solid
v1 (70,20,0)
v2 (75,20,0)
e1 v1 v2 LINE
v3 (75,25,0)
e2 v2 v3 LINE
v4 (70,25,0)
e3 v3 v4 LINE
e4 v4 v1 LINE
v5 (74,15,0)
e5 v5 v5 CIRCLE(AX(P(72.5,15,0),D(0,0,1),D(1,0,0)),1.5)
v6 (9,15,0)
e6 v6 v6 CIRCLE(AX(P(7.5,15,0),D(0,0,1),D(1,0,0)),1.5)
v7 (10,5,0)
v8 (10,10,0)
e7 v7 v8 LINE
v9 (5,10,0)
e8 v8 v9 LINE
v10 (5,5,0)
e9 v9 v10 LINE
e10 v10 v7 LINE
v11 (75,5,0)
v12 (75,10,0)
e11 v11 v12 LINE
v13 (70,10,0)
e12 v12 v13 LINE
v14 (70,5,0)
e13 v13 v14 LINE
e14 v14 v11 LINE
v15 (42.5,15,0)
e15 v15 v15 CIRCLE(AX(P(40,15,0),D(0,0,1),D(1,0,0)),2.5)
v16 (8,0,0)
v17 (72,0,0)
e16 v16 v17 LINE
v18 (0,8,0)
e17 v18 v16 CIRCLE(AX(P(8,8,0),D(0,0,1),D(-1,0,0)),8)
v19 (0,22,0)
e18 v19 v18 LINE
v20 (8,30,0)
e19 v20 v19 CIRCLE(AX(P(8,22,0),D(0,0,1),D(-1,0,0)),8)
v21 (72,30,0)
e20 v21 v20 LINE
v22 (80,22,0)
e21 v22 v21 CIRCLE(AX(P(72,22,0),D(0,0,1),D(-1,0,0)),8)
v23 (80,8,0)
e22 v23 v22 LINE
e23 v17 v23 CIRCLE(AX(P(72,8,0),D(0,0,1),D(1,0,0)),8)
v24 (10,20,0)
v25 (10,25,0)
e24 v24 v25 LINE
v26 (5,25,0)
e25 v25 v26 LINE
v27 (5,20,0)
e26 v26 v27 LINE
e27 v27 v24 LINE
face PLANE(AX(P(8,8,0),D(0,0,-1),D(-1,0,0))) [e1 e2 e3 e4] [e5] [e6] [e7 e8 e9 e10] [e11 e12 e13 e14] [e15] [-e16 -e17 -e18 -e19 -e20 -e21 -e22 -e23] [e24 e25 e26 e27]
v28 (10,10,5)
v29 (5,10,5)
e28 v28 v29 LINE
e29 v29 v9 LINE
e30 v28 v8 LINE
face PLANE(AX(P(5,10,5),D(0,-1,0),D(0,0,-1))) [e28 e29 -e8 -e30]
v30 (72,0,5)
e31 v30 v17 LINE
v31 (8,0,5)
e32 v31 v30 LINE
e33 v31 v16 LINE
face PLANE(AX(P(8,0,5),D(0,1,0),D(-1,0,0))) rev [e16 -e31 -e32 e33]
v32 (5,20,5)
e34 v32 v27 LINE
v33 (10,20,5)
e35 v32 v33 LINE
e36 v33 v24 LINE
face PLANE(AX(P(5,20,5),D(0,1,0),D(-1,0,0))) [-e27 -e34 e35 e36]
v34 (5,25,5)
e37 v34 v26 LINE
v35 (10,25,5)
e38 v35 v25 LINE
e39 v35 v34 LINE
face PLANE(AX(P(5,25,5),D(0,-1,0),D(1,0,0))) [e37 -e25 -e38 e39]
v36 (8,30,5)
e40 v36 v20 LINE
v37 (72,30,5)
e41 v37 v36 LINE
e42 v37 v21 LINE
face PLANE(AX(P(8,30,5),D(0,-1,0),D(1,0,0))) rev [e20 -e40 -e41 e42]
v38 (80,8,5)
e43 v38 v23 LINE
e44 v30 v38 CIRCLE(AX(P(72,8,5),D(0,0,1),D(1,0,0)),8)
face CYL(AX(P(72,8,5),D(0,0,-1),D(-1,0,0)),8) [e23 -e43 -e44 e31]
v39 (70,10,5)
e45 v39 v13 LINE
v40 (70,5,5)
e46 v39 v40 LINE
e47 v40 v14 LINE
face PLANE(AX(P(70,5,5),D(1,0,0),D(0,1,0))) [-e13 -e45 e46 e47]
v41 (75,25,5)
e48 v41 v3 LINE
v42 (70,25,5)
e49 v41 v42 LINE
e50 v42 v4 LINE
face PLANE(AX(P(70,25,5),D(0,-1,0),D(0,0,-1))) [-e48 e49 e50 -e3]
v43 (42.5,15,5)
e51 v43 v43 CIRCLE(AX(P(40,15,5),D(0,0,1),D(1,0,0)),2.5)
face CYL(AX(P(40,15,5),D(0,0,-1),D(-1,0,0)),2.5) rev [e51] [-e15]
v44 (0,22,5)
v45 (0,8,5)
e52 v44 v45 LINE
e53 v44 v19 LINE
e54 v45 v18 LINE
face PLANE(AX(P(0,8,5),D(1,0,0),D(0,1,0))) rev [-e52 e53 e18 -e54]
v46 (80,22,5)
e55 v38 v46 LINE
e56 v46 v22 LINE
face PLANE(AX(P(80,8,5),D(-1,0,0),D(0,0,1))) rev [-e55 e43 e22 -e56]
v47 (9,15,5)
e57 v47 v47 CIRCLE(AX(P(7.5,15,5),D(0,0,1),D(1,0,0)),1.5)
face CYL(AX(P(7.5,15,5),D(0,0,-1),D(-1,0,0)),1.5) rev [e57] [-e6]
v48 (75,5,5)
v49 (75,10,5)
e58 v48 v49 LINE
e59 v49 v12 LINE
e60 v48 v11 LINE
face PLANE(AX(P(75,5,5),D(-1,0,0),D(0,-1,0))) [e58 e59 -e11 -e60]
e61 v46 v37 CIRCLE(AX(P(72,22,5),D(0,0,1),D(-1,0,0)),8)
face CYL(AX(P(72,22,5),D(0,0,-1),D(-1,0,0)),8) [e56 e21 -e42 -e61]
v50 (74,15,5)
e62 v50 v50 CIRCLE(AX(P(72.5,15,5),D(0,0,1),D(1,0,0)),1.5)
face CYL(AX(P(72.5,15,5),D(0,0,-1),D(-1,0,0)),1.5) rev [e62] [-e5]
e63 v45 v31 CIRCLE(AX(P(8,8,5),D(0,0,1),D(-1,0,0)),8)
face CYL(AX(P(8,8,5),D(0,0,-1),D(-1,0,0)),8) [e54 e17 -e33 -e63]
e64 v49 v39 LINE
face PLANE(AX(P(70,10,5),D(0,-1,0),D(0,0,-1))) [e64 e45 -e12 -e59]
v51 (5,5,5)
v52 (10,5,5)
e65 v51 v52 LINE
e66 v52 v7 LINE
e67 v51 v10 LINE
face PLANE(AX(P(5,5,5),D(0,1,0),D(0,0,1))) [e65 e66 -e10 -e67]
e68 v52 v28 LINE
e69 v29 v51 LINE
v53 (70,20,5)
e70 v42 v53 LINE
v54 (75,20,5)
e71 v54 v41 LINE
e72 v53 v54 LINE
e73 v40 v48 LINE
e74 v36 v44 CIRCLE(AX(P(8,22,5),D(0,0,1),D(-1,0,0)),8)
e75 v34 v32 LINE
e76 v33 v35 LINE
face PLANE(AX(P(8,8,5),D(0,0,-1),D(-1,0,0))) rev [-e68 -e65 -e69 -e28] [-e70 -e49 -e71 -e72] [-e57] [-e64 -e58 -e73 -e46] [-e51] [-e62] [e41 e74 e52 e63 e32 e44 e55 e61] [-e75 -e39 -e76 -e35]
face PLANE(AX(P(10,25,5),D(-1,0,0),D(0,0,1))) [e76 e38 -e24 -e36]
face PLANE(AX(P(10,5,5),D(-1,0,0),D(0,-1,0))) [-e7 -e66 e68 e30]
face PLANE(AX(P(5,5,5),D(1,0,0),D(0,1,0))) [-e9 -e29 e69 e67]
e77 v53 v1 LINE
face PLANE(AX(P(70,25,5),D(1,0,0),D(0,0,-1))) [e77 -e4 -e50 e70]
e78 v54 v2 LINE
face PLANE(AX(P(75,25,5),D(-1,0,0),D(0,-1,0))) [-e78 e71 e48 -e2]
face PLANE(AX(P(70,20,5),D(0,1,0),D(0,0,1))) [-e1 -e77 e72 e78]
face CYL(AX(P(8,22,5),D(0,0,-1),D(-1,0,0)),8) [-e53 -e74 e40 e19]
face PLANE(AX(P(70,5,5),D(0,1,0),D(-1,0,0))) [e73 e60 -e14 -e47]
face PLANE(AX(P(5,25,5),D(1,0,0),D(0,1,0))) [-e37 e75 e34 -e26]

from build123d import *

# Parameters (mm, degrees)
ESQUISSE1_R        = 1.5
ESQUISSE1_R_2      = 2.5
ESQUISSE1_W        = 5
ESQUISSE1_H        = 5
BOSS_EXTRU_1_DEPTH = 5


with BuildPart() as part:
    # Esquisse1 → Boss.-Extru.1 (new body)
    with BuildSketch(Plane.XY):
        with BuildLine():
            Line((8, 0), (72, 0))
            ThreePointArc((72, 0), (77.656854249, 2.343145751), (80, 8))
            Line((80, 8), (80, 22))
            ThreePointArc((80, 22), (77.656854249, 27.656854249), (72, 30))
            Line((72, 30), (8, 30))
            ThreePointArc((8, 30), (2.343145751, 27.656854249), (0, 22))
            Line((0, 22), (0, 8))
            ThreePointArc((0, 8), (2.343145751, 2.343145751), (8, 0))
        make_face()
        with Locations((7.5, 15)):
            Circle(ESQUISSE1_R, mode=Mode.SUBTRACT)
        with Locations((72.5, 15)):
            Circle(ESQUISSE1_R, mode=Mode.SUBTRACT)
        with Locations((40, 15)):
            Circle(ESQUISSE1_R_2, mode=Mode.SUBTRACT)
        with Locations((7.5, 22.5)):
            Rectangle(ESQUISSE1_W, ESQUISSE1_H, mode=Mode.SUBTRACT)
        with Locations((72.5, 22.5)):
            Rectangle(ESQUISSE1_W, ESQUISSE1_H, mode=Mode.SUBTRACT)
        with Locations((72.5, 7.5)):
            Rectangle(ESQUISSE1_W, ESQUISSE1_H, mode=Mode.SUBTRACT)
        with Locations((7.5, 7.5)):
            Rectangle(ESQUISSE1_W, ESQUISSE1_H, mode=Mode.SUBTRACT)
    extrude(amount=BOSS_EXTRU_1_DEPTH)


solid = part.part
